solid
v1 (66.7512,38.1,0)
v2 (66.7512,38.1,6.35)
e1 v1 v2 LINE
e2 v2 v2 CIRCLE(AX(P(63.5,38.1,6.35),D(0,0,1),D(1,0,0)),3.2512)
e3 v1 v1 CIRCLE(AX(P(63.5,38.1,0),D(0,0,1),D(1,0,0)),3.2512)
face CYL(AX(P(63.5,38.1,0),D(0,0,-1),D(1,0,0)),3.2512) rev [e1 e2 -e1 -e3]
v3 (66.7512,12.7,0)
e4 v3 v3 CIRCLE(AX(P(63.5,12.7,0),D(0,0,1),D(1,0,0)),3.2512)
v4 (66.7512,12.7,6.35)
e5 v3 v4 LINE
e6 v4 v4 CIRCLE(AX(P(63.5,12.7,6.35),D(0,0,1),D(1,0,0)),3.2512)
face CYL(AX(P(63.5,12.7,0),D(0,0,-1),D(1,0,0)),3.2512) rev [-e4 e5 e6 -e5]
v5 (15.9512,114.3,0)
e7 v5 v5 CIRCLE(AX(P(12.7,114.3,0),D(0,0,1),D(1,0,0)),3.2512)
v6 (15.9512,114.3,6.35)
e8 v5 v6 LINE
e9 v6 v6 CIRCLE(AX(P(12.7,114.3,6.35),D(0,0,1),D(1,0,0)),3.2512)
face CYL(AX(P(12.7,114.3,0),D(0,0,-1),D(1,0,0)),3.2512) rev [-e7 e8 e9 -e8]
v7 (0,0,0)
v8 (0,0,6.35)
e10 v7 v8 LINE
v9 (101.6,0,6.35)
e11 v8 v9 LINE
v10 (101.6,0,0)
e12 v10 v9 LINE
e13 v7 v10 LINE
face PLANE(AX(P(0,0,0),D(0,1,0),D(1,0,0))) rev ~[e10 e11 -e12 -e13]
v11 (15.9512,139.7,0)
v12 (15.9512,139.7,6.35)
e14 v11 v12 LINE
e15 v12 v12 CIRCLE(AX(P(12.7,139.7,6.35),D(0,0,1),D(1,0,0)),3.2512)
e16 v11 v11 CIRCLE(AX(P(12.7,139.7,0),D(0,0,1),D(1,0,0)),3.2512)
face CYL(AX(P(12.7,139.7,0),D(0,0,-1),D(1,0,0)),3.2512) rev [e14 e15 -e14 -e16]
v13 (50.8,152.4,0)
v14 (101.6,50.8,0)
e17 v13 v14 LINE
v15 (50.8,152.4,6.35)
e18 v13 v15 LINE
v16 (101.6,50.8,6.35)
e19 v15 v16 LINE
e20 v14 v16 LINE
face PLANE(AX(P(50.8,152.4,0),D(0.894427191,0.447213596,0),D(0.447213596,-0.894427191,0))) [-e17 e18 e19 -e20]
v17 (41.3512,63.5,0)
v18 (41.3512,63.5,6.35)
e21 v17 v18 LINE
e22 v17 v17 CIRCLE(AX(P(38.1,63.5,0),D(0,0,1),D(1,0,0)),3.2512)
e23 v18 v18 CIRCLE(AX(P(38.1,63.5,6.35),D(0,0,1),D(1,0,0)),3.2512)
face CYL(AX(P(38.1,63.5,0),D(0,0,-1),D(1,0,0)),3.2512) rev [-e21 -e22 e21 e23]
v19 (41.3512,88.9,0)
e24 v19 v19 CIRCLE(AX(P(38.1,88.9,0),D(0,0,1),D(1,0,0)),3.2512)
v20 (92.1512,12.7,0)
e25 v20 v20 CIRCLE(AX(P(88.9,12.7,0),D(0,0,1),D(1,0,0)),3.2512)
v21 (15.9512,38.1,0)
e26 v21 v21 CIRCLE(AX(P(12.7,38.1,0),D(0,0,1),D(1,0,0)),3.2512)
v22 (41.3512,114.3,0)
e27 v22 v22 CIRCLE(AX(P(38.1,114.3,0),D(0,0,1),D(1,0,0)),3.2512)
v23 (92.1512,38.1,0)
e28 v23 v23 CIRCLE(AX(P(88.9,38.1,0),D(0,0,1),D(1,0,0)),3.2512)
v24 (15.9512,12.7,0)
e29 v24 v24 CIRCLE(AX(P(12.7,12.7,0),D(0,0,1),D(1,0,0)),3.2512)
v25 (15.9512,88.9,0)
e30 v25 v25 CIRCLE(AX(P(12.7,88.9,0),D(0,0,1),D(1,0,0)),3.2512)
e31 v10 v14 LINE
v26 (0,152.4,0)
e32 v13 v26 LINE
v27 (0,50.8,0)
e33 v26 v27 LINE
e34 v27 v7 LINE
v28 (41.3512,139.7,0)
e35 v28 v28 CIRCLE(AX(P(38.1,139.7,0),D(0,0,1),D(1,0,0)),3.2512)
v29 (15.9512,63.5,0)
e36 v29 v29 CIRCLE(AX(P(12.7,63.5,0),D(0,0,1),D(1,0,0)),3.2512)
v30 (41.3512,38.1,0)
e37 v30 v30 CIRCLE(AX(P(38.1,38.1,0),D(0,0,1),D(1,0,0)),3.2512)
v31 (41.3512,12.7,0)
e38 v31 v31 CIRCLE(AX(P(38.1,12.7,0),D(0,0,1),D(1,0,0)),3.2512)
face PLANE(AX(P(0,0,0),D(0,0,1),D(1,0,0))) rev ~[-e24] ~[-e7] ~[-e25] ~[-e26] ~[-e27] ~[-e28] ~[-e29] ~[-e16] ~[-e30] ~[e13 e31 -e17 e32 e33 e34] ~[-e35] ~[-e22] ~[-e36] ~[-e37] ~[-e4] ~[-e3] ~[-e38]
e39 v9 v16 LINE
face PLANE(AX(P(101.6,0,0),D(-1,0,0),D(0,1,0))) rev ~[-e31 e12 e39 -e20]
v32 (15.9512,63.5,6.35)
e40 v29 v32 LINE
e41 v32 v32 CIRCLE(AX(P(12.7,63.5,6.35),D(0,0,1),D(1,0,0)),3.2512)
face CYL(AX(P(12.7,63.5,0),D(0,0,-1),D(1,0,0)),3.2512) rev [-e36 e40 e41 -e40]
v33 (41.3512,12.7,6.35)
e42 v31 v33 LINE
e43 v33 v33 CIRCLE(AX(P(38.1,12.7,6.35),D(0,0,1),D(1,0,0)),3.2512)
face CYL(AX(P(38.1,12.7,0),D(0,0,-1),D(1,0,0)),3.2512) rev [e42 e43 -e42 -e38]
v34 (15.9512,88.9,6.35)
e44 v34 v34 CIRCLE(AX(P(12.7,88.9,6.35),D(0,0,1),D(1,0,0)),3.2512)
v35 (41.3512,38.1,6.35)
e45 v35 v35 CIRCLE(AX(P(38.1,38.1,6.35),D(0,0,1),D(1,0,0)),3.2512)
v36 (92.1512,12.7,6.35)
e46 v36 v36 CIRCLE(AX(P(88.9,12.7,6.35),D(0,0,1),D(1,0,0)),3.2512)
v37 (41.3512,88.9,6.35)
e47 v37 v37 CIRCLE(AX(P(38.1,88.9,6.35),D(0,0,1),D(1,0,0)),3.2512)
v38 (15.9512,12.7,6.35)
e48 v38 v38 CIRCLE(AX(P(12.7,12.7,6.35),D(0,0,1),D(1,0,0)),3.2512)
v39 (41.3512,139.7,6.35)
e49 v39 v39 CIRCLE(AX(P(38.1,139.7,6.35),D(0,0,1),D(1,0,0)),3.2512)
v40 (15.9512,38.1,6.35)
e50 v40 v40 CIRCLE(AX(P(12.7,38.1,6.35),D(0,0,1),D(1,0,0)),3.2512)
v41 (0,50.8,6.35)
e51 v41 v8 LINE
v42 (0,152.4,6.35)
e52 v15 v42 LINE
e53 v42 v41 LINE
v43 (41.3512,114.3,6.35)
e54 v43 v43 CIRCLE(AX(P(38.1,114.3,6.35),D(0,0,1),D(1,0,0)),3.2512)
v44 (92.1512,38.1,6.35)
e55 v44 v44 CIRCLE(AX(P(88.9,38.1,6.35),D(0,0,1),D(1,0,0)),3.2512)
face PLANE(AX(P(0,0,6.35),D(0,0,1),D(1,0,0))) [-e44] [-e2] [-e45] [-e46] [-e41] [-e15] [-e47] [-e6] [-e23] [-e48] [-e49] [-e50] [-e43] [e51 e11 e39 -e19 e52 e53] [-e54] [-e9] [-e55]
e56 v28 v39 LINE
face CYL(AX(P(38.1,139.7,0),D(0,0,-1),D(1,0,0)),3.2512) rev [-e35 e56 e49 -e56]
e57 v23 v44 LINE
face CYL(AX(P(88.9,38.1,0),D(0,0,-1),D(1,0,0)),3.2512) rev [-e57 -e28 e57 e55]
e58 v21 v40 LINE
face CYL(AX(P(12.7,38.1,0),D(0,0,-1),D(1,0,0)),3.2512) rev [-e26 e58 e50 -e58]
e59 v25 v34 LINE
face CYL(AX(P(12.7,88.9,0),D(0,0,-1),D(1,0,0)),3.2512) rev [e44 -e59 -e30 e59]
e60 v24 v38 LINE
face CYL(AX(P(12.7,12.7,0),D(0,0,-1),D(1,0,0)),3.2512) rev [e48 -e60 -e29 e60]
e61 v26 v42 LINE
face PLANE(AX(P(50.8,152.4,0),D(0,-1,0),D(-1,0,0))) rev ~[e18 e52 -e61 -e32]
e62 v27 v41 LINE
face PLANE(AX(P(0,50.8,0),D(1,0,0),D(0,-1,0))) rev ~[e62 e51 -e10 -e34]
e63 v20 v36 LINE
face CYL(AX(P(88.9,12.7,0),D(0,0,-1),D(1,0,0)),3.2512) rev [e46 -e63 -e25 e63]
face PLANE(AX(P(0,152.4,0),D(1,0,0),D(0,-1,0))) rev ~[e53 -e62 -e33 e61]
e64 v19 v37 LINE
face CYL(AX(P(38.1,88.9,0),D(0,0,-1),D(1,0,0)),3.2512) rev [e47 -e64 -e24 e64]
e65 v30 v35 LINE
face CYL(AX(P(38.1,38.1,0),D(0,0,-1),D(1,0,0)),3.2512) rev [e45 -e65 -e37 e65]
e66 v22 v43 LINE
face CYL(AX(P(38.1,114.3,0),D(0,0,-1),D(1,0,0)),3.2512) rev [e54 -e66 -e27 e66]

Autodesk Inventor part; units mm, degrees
ref_plane "YZ Plane" through (0, 0, 0) normal (1, 0, 0) x (0, 1, 0)
ref_plane "XZ Plane" through (0, 0, 0) normal (0, 1, 0) x (-1, 0, 0)
ref_plane "XY Plane" through (0, 0, 0) normal (0, 0, 1) x (1, 0, 0)
sketch "Sketch1" plane through (0, 0, 0) normal (0, 0, 1) x (1, 0, 0)
  line L0 (0, 0) -> (101.6, 0)
  line L1 (101.6, 0) -> (101.6, 50.8)
  line L2 (0, 50.8) -> (0, 0)
  line L3 (50.8, 152.4) -> (0, 152.4)
  line L4 (0, 152.4) -> (0, 50.8)
  line L5 (50.8, 152.4) -> (101.6, 50.8)
  circle A0 centre (12.7, 12.7) radius 3.2512
  circle A1 centre (12.7, 38.1) radius 3.2512
  circle A2 centre (12.7, 63.5) radius 3.2512
  circle A3 centre (12.7, 88.9) radius 3.2512
  circle A4 centre (12.7, 114.3) radius 3.2512
  circle A5 centre (12.7, 139.7) radius 3.2512
  circle A6 centre (38.1, 12.7) radius 3.2512
  circle A7 centre (38.1, 38.1) radius 3.2512
  circle A8 centre (38.1, 63.5) radius 3.2512
  circle A9 centre (38.1, 88.9) radius 3.2512
  circle A10 centre (38.1, 114.3) radius 3.2512
  circle A11 centre (38.1, 139.7) radius 3.2512
  circle A12 centre (63.5, 12.7) radius 3.2512
  circle A13 centre (88.9, 12.7) radius 3.2512
  circle A14 centre (38.1, 38.1) radius 3.2512
  circle A15 centre (63.5, 38.1) radius 3.2512
  circle A16 centre (88.9, 38.1) radius 3.2512
  dimension "d6" = 101.6
  dimension "d7" = 50.8
  dimension "d8" = 50.8
  dimension "d9" = 101.6
  dimension "d10" = 50.8
  dimension "d11" = 101.6
  dimension "d12" = 50.8
  dimension "d13" = 6.5024
  dimension "d14" = 12.7
  dimension "d15" = 12.7
  dimension "d18" = 25.4
  dimension "d21" = 25.4
  dimension "d26" = 25.4
  dimension "d29" = 25.4
extrude "Extrusion1" add sketch "Sketch1" along normal blind 6.35
properties part number "6x4"
